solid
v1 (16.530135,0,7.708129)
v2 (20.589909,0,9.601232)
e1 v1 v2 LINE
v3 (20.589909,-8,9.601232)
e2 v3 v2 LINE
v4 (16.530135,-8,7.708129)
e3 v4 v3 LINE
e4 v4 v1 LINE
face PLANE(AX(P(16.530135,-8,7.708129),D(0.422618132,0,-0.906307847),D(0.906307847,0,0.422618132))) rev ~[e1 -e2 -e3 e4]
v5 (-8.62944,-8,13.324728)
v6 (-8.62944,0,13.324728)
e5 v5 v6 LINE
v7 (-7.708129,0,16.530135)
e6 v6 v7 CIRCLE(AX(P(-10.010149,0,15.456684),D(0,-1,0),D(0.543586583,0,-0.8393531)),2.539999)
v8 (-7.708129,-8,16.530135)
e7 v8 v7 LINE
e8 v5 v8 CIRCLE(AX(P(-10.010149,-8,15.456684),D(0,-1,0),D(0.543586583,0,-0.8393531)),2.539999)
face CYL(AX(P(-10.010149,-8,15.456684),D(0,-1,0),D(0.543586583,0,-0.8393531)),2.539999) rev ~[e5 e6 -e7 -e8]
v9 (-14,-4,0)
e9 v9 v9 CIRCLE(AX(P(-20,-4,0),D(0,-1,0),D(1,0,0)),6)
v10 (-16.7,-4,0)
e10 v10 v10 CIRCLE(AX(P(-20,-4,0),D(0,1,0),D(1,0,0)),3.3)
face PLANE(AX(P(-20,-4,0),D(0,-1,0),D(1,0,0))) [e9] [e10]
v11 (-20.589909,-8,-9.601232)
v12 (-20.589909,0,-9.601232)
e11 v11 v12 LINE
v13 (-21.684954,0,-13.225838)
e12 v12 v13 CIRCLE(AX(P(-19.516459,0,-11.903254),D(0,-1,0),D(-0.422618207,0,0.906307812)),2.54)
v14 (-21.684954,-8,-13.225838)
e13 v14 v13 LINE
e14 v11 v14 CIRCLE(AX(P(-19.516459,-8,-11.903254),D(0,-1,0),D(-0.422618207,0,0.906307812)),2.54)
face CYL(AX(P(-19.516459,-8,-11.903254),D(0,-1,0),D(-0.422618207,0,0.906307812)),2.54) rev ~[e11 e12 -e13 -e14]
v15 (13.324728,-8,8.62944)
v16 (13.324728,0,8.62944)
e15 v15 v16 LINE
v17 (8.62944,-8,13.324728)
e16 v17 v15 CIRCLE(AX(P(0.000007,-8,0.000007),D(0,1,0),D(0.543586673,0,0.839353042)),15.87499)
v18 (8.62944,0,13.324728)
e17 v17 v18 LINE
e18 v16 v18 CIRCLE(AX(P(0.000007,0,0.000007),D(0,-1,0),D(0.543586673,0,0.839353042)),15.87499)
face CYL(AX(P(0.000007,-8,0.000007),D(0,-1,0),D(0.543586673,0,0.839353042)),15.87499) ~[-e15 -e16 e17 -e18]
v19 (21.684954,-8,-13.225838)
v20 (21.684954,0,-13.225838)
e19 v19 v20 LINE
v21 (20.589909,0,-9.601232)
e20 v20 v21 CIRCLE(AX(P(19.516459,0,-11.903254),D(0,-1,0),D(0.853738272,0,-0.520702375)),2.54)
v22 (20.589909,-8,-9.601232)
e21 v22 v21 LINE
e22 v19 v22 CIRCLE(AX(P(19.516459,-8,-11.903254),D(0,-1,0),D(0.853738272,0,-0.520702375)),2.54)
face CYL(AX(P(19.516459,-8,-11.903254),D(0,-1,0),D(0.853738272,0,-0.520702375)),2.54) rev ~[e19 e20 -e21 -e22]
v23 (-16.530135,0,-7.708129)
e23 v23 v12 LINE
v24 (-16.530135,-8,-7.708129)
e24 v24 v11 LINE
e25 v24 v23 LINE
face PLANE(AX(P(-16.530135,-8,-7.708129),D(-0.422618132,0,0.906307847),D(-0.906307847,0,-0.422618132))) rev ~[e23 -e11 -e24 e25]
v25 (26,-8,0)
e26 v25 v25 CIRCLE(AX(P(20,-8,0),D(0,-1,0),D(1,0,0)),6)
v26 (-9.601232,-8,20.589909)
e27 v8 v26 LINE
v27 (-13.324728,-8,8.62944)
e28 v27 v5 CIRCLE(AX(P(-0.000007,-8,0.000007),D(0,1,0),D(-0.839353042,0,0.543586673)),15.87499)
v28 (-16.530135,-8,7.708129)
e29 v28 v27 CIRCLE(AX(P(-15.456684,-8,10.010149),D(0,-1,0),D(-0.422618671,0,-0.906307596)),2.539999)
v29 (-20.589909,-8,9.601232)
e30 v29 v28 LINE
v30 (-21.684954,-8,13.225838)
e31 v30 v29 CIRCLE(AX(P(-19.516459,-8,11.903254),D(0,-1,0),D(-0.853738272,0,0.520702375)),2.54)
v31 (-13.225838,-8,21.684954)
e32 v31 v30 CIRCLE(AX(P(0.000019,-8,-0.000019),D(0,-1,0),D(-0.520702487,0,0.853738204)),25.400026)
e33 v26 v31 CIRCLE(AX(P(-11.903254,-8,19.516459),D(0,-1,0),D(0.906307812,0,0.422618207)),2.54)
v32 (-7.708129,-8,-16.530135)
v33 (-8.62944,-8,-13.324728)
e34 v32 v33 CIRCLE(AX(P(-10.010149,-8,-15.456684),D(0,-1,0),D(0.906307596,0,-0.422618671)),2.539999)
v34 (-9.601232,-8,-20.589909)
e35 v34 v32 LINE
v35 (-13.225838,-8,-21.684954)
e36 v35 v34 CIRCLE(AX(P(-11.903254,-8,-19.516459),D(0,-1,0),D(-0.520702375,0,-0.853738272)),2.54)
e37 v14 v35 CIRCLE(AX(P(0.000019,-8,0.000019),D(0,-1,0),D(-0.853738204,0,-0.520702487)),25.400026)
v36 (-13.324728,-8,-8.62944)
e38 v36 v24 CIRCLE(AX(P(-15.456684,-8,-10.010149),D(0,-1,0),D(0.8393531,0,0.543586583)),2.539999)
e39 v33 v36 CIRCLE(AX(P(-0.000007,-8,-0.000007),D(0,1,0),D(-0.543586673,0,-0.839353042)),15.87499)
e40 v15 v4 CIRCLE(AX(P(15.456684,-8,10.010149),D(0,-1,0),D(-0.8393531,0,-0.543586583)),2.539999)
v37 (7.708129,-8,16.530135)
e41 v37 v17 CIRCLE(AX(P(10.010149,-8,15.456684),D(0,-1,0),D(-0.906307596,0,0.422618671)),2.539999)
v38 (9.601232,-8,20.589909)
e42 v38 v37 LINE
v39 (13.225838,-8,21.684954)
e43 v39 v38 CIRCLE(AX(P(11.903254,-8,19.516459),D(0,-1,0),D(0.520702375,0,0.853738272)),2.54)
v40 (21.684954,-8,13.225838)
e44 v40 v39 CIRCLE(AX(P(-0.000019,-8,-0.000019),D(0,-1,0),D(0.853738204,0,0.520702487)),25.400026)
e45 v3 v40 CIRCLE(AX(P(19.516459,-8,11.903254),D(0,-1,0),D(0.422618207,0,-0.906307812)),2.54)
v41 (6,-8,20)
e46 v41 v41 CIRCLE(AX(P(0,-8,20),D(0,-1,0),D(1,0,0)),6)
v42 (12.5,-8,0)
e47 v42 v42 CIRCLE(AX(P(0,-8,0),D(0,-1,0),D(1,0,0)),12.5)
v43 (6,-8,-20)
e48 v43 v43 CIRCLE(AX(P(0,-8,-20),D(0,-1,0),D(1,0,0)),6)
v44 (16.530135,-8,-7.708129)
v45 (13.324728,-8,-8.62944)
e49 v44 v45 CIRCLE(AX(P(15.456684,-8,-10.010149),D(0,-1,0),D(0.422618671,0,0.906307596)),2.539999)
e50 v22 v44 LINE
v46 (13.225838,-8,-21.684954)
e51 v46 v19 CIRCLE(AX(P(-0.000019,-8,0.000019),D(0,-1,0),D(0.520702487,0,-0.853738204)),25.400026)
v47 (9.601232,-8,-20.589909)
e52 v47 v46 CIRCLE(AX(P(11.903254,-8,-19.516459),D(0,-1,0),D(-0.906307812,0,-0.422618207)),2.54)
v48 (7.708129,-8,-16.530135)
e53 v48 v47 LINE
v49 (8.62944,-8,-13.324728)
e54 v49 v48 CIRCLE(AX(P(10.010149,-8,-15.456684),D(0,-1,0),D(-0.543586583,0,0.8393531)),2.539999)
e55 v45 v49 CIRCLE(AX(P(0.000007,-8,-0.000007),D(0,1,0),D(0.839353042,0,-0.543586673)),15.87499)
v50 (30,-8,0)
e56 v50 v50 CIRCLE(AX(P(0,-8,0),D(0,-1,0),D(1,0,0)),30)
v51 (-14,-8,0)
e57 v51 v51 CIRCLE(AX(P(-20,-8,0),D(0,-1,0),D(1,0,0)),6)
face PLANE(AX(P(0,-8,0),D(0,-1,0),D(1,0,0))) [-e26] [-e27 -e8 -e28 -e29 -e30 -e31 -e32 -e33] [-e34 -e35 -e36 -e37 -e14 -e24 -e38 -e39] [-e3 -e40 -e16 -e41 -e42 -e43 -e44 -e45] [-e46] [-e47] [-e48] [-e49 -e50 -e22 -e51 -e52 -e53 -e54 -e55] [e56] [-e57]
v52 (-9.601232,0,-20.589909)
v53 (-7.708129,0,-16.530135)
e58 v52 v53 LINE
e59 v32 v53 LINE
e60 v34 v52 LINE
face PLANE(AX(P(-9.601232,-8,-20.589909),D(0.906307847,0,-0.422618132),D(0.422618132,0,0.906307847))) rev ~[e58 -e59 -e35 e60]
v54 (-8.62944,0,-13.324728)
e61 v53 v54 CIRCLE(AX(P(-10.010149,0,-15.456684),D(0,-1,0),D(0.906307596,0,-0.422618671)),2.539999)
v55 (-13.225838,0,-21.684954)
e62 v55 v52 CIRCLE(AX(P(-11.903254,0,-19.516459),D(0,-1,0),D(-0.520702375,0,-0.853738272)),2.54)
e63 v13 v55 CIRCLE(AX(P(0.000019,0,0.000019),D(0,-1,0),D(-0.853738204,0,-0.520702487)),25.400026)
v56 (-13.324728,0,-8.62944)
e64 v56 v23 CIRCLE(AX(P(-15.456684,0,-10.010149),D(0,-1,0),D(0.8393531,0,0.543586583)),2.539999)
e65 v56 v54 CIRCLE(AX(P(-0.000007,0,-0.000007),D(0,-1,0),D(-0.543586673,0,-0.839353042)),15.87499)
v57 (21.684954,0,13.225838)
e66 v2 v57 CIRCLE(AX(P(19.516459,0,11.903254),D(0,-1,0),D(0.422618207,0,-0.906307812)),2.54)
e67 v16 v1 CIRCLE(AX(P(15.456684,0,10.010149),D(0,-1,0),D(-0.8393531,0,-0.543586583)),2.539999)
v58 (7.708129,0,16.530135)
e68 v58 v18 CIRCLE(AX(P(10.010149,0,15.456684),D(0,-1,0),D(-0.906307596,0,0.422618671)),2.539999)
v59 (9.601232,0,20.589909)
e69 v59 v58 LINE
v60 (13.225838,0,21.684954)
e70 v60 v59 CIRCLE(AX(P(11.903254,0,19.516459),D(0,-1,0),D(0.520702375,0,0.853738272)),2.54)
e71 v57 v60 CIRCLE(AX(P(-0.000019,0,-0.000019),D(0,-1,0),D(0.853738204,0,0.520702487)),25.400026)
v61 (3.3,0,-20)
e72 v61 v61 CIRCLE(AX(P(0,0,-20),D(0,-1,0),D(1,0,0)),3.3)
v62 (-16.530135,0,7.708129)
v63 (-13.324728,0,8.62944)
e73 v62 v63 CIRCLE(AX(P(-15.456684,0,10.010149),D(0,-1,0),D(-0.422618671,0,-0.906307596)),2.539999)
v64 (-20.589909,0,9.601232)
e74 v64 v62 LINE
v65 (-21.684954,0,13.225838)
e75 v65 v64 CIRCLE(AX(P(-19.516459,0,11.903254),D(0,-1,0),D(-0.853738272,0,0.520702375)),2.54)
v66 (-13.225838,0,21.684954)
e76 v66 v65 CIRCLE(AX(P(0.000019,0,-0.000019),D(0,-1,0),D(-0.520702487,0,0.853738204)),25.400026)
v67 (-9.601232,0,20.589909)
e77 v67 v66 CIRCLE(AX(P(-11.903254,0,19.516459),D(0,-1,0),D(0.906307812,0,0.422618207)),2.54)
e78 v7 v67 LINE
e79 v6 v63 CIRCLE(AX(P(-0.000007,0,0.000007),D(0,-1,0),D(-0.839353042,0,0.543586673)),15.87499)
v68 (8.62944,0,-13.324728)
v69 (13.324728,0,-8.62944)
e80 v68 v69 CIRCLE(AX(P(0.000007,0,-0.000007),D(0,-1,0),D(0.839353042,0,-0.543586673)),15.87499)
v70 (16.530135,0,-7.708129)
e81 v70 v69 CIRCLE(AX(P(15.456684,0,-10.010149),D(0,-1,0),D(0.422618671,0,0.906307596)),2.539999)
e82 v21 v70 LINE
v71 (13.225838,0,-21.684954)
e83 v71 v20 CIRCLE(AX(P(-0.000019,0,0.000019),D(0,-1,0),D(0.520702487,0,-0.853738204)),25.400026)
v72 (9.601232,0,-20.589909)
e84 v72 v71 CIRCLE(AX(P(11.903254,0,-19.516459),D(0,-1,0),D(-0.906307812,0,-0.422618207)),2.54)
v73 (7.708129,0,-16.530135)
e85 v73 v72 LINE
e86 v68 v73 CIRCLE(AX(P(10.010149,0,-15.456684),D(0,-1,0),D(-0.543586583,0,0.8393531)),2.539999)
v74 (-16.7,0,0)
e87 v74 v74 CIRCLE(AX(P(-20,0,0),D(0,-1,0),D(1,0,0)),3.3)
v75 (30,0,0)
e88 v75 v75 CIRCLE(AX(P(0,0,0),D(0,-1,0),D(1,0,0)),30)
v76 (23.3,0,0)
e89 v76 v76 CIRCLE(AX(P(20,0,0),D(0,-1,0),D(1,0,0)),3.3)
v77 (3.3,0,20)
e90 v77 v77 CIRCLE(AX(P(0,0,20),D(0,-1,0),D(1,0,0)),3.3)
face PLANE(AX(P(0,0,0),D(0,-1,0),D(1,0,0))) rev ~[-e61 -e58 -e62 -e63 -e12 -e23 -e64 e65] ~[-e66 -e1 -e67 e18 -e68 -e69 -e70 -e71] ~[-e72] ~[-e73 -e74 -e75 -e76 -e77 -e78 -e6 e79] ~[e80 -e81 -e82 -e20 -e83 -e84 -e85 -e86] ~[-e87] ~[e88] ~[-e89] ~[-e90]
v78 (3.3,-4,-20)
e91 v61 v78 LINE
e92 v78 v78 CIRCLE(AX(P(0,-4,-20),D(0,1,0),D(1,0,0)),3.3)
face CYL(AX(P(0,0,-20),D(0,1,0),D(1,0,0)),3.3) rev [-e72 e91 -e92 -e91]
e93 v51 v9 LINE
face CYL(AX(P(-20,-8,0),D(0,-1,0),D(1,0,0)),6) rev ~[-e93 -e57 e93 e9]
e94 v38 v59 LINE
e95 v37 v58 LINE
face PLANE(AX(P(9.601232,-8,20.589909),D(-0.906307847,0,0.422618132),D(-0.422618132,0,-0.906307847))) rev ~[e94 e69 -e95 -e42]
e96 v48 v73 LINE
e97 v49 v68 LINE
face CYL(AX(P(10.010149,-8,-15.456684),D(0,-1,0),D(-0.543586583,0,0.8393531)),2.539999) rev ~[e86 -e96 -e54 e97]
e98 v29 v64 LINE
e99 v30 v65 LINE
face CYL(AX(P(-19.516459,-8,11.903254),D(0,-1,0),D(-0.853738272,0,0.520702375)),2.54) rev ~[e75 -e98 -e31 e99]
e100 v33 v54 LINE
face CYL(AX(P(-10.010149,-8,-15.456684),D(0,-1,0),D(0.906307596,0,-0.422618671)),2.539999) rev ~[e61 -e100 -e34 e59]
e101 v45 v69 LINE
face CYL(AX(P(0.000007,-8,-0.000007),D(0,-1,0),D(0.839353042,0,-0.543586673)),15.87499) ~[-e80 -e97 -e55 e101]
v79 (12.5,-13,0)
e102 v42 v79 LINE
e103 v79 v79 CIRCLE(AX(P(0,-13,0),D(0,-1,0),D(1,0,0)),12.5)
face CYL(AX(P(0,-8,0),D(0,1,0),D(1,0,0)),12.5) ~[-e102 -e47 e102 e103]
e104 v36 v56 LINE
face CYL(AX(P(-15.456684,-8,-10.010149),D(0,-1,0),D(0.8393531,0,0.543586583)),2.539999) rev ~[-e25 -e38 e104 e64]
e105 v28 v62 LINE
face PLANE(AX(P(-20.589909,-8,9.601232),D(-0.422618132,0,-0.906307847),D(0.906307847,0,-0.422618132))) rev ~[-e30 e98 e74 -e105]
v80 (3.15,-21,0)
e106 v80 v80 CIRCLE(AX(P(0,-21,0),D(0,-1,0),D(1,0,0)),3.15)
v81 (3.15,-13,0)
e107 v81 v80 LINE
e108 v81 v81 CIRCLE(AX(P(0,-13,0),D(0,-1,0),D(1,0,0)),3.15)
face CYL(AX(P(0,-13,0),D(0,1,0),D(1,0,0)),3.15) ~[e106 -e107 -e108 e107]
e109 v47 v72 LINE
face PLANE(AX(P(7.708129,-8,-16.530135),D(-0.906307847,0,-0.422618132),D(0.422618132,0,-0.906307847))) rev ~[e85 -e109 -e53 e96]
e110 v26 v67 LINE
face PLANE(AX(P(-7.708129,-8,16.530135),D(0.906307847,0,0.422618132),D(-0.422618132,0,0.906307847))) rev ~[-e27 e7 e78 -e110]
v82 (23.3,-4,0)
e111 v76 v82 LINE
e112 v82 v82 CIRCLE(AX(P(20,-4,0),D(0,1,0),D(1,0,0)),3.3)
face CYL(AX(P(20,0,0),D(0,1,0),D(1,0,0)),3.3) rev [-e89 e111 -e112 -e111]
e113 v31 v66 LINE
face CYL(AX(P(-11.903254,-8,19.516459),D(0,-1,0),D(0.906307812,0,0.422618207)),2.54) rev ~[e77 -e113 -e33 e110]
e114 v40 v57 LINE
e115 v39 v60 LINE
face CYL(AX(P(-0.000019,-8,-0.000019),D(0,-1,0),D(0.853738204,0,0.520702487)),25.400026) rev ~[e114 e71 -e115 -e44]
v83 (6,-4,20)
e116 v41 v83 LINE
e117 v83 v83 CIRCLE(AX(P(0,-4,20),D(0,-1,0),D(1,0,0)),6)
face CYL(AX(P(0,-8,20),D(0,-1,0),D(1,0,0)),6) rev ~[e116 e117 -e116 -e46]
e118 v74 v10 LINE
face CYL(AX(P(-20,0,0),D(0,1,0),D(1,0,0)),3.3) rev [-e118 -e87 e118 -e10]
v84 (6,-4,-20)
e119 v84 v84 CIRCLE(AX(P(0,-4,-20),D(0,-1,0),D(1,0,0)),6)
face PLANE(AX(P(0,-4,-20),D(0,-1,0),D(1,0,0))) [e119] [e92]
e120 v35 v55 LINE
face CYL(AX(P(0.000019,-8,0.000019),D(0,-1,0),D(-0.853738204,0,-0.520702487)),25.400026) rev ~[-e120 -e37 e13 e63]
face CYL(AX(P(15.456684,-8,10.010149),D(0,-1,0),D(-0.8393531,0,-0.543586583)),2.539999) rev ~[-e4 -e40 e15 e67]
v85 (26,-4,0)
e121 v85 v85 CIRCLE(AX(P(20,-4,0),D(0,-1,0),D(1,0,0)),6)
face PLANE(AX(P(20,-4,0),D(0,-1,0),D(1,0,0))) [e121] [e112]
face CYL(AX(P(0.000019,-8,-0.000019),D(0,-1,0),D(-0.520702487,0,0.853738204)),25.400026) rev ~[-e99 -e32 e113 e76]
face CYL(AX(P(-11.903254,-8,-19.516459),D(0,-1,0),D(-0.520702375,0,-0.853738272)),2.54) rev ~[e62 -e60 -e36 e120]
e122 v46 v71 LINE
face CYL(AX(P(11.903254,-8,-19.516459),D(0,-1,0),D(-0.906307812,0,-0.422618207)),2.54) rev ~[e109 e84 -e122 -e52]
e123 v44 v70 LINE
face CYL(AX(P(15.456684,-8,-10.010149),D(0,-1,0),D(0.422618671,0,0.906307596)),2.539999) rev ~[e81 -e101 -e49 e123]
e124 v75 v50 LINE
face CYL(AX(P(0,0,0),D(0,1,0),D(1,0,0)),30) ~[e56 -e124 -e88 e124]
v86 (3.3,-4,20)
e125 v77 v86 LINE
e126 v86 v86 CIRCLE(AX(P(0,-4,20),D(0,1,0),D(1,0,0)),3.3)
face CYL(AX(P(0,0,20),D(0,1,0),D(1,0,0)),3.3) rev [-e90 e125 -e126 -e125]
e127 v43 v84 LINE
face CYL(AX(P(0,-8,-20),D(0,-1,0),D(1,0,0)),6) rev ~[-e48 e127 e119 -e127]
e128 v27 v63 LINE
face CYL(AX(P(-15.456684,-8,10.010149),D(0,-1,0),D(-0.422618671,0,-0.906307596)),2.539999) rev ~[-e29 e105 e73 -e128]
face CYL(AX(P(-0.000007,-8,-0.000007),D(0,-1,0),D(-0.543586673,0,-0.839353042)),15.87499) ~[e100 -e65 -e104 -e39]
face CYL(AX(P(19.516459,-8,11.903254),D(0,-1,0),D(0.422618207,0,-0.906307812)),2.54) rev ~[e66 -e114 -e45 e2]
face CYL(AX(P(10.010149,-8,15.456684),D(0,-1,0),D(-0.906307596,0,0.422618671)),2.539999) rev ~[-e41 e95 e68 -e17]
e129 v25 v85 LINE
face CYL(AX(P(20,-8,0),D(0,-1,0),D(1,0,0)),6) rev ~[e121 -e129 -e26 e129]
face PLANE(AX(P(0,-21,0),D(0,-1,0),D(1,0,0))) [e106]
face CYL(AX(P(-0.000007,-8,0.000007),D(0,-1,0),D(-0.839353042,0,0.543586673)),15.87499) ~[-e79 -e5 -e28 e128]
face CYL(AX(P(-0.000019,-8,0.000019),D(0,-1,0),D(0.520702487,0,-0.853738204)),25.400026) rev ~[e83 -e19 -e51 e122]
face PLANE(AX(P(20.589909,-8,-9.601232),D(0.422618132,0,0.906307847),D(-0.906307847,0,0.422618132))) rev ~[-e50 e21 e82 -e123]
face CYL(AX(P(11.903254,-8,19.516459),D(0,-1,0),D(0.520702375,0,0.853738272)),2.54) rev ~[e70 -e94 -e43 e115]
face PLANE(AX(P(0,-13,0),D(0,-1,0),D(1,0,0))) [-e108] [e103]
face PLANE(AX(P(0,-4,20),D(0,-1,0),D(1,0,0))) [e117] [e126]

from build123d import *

# Parameters (mm, degrees)
F0_R     = 30
F0_R_2   = 3.3
F1_DEPTH = 8
F2_R     = 6
F3_DEPTH = 4
F4_R     = 12.5
F5_DEPTH = 5
F6_R     = 3.15
F7_DEPTH = 8
F9_DEPTH = 25.4


with BuildPart() as f1:
    # F0 (on Front) → F1 (new body)
    with BuildSketch(Plane.XZ):
        Circle(F0_R)
        with Locations((0, -20)):
            Circle(F0_R_2, mode=Mode.SUBTRACT)
        with Locations((-20, 0)):
            Circle(F0_R_2, mode=Mode.SUBTRACT)
        with Locations((20, 0)):
            Circle(F0_R_2, mode=Mode.SUBTRACT)
        with Locations((0, 20)):
            Circle(F0_R_2, mode=Mode.SUBTRACT)
    extrude(amount=F1_DEPTH)

    # F2 (on face) → F3 (cut)
    with BuildSketch(Plane.XZ.offset(8)):
        with Locations((0, 20)):
            Circle(F2_R)
        with Locations((-20, 0)):
            Circle(F2_R)
        with Locations((20, 0)):
            Circle(F2_R)
        with Locations((0, -20)):
            Circle(F2_R)
    extrude(amount=-F3_DEPTH, mode=Mode.SUBTRACT)

    # F4 (on face) → F5 (join)
    with BuildSketch(Plane.XZ.offset(8)):
        Circle(F4_R)
    extrude(amount=F5_DEPTH)

    # F6 (on face) → F7 (join)
    with BuildSketch(Plane.XZ.offset(13)):
        Circle(F6_R)
    extrude(amount=F7_DEPTH)

    # F8 (on face) → F9 (cut)
    with BuildSketch(Plane.XZ.offset(8)):
        with BuildLine():
            ThreePointArc((-13.324728, 8.62944), (-11.22532, 11.22532), (-8.62944, 13.324728))
            ThreePointArc((-8.62944, 13.324728), (-7.568985, 14.755035), (-7.708129, 16.530135))
            Line((-7.708129, 16.530135), (-9.601232, 20.589909))
            ThreePointArc((-9.601232, 20.589909), (-11.168675, 21.947918), (-13.225838, 21.684954))
            ThreePointArc((-13.225838, 21.684954), (-17.960512, 17.960512), (-21.684954, 13.225838))
            ThreePointArc((-21.684954, 13.225838), (-21.947918, 11.168675), (-20.589909, 9.601232))
            Line((-20.589909, 9.601232), (-16.530135, 7.708129))
            ThreePointArc((-16.530135, 7.708129), (-14.755035, 7.568985), (-13.324728, 8.62944))
        make_face()
        with BuildLine():
            ThreePointArc((-20.589909, -9.601232), (-21.947918, -11.168675), (-21.684954, -13.225838))
            ThreePointArc((-21.684954, -13.225838), (-17.960512, -17.960512), (-13.225838, -21.684954))
            ThreePointArc((-13.225838, -21.684954), (-11.168675, -21.947918), (-9.601232, -20.589909))
            Line((-9.601232, -20.589909), (-7.708129, -16.530135))
            ThreePointArc((-7.708129, -16.530135), (-7.568985, -14.755035), (-8.62944, -13.324728))
            ThreePointArc((-8.62944, -13.324728), (-11.22532, -11.22532), (-13.324728, -8.62944))
            ThreePointArc((-13.324728, -8.62944), (-14.755035, -7.568985), (-16.530135, -7.708129))
            Line((-16.530135, -7.708129), (-20.589909, -9.601232))
        make_face()
        with BuildLine():
            ThreePointArc((9.601232, -20.589909), (11.168675, -21.947918), (13.225838, -21.684954))
            ThreePointArc((13.225838, -21.684954), (17.960512, -17.960512), (21.684954, -13.225838))
            ThreePointArc((21.684954, -13.225838), (21.947918, -11.168675), (20.589909, -9.601232))
            Line((20.589909, -9.601232), (16.530135, -7.708129))
            ThreePointArc((16.530135, -7.708129), (14.755035, -7.568985), (13.324728, -8.62944))
            ThreePointArc((13.324728, -8.62944), (11.22532, -11.22532), (8.62944, -13.324728))
            ThreePointArc((8.62944, -13.324728), (7.568985, -14.755035), (7.708129, -16.530135))
            Line((7.708129, -16.530135), (9.601232, -20.589909))
        make_face()
        with BuildLine():
            ThreePointArc((20.589909, 9.601232), (21.947918, 11.168675), (21.684954, 13.225838))
            ThreePointArc((21.684954, 13.225838), (17.960512, 17.960512), (13.225838, 21.684954))
            ThreePointArc((13.225838, 21.684954), (11.168675, 21.947918), (9.601232, 20.589909))
            Line((9.601232, 20.589909), (7.708129, 16.530135))
            ThreePointArc((7.708129, 16.530135), (7.568985, 14.755035), (8.62944, 13.324728))
            ThreePointArc((8.62944, 13.324728), (11.22532, 11.22532), (13.324728, 8.62944))
            ThreePointArc((13.324728, 8.62944), (14.755035, 7.568985), (16.530135, 7.708129))
            Line((16.530135, 7.708129), (20.589909, 9.601232))
        make_face()
    extrude(amount=-F9_DEPTH, mode=Mode.SUBTRACT)


solid = f1.part
